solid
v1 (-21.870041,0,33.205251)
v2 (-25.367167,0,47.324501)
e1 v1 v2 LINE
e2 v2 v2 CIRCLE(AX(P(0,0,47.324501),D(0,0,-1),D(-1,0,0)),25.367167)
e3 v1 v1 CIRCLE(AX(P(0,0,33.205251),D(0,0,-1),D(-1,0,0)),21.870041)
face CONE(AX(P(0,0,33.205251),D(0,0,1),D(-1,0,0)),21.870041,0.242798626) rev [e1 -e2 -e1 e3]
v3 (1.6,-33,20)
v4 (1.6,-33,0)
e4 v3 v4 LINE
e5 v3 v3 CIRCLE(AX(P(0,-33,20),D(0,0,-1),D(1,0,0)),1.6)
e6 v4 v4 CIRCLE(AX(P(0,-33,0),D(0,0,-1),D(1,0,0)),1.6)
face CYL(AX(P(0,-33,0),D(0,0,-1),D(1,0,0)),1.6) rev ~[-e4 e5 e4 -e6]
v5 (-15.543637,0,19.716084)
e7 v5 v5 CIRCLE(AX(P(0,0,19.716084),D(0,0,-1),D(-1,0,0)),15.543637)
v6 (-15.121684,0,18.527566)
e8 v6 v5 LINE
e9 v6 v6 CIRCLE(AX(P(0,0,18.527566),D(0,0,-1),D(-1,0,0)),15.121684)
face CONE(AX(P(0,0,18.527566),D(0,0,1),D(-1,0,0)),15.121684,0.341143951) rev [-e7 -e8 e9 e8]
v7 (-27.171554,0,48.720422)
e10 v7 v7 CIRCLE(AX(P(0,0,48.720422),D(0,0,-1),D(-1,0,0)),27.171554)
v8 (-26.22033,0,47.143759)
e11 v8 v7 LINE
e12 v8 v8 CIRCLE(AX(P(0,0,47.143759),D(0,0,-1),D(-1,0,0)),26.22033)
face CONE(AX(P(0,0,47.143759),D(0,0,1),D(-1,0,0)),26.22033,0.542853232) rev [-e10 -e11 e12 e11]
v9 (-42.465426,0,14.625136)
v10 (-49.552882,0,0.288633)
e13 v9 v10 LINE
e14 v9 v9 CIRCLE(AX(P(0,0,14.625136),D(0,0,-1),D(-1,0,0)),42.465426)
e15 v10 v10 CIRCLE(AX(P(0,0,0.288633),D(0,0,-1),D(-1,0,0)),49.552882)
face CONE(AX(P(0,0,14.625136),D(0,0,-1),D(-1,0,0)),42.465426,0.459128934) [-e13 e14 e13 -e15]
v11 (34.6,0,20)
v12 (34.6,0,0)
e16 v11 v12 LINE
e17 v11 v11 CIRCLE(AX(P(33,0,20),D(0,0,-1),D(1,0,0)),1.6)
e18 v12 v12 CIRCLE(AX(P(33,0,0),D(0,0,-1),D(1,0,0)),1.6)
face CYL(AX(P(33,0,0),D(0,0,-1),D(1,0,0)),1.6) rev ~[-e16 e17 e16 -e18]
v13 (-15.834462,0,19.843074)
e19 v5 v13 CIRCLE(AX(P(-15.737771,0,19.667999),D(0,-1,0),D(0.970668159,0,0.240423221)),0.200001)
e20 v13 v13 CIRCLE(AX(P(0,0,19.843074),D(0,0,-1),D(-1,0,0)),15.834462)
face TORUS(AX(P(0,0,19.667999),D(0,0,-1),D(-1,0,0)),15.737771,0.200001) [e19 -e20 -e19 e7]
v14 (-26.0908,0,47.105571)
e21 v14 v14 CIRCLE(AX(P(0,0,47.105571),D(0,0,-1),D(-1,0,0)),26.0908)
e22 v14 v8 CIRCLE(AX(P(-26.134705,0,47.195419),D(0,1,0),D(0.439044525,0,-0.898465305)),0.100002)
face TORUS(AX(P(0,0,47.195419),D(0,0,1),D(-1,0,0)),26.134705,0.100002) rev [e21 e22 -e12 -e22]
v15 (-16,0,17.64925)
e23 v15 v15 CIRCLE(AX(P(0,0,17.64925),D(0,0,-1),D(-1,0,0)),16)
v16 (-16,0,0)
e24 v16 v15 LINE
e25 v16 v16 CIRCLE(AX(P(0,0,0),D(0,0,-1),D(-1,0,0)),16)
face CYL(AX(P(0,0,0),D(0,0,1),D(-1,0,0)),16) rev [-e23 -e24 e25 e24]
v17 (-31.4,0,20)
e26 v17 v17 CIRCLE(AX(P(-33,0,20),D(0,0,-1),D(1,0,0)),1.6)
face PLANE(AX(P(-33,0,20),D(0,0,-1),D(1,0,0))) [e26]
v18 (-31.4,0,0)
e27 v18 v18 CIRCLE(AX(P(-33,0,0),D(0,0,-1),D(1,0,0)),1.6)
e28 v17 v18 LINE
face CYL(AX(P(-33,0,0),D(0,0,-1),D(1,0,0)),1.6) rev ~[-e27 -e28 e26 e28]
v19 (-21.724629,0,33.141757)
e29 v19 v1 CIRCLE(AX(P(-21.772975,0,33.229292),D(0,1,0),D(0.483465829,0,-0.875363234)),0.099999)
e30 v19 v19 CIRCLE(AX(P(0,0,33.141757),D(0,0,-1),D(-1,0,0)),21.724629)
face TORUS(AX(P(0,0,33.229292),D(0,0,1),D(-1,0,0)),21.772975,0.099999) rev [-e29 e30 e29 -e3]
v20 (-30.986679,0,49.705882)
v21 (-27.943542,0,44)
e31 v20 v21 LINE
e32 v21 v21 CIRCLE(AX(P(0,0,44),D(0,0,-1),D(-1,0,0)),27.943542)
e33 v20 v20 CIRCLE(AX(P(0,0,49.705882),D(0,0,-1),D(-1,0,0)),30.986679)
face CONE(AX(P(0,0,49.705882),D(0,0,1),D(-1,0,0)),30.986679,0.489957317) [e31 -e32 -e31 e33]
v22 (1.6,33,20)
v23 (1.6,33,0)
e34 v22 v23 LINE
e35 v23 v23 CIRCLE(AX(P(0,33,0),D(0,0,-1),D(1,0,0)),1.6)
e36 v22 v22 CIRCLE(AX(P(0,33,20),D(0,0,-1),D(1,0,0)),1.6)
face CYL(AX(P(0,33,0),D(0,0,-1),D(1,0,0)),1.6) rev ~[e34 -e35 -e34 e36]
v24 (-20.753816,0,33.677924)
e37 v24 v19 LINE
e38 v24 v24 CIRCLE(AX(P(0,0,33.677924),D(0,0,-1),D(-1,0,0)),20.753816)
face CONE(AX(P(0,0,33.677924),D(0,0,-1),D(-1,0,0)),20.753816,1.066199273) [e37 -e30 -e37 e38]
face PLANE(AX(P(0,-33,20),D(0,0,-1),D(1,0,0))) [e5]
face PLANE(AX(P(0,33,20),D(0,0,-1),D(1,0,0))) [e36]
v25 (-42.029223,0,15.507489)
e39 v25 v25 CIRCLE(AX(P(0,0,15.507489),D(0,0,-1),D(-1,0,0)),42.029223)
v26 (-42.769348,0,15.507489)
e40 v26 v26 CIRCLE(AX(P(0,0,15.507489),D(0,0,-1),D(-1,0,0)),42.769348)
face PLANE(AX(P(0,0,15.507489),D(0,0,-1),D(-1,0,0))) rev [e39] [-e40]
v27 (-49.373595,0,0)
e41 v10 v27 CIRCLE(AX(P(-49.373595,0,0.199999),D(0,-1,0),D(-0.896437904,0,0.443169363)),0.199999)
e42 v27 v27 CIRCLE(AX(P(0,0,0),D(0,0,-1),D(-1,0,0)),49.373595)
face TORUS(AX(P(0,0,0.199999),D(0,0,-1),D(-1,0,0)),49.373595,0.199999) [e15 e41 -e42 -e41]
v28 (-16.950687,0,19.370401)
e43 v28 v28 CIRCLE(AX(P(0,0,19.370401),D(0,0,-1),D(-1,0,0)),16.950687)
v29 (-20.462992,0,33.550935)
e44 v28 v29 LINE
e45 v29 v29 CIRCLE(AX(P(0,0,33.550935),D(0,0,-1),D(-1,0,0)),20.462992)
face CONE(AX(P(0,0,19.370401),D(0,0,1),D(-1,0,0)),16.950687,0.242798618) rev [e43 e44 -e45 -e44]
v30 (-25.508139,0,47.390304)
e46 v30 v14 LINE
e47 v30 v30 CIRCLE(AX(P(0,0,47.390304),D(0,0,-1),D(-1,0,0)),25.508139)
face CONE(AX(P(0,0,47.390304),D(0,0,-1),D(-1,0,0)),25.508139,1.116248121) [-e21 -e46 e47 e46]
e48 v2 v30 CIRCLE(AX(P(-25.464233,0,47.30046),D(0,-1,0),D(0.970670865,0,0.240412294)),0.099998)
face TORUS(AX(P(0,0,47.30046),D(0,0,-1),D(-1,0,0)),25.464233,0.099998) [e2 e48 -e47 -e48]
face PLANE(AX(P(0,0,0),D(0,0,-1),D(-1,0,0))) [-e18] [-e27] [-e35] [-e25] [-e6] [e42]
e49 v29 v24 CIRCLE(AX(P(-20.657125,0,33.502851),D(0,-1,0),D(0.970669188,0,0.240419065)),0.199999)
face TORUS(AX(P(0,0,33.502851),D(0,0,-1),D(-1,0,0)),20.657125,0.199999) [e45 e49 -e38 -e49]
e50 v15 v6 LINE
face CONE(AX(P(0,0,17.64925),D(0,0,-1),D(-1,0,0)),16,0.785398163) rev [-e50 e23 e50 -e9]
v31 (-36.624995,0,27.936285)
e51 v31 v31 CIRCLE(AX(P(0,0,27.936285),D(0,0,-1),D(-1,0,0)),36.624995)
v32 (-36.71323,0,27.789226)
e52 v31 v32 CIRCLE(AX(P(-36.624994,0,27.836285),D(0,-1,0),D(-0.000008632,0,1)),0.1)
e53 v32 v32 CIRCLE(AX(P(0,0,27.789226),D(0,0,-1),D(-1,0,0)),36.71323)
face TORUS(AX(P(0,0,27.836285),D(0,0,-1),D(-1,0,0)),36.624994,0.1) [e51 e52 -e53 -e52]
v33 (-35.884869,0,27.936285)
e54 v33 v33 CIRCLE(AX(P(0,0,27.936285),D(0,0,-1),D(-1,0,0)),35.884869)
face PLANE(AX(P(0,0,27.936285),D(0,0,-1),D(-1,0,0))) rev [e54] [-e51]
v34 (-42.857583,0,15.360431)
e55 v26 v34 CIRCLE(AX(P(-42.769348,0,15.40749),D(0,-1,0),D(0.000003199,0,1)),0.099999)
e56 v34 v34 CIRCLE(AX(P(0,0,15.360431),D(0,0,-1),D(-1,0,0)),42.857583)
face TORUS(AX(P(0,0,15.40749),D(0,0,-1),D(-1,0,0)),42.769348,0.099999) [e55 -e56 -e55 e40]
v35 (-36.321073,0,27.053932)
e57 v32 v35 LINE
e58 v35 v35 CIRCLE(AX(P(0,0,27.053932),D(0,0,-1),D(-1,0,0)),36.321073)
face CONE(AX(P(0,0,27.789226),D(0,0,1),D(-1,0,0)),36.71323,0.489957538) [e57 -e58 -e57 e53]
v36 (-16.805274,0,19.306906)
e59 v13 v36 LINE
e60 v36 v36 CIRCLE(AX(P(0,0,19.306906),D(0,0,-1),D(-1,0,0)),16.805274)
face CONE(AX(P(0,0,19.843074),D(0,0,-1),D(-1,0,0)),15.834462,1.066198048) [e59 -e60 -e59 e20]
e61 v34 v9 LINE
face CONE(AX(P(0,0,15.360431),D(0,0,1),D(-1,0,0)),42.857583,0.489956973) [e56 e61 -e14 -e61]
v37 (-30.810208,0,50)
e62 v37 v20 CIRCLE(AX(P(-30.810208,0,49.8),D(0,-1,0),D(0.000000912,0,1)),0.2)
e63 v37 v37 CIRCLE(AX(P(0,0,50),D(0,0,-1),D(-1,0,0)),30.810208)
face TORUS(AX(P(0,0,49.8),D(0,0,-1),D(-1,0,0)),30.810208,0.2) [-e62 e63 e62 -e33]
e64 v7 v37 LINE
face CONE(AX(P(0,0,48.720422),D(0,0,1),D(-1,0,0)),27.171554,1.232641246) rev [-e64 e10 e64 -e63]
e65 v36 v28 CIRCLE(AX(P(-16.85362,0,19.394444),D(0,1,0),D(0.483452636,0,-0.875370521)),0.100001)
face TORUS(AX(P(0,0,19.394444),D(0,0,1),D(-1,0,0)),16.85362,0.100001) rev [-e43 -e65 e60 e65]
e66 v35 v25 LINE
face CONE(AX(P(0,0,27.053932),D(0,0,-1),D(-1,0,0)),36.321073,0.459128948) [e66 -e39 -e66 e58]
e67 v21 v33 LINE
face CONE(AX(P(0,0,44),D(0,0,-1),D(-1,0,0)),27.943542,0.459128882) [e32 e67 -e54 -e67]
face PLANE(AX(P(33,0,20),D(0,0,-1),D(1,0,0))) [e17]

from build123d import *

# Parameters (mm, degrees)
F2_R     = 1.6
F3_DEPTH = 20
F4_DEPTH = 1


with BuildPart() as f1:
    # F0 (on Front) → F1 (revolve)
    with BuildSketch(Plane.XZ):
        with BuildLine():
            ThreePointArc((-30.810208, 50), (-30.981707, 49.902899), (-30.986679, 49.705882))
            Line((-30.986679, 49.705882), (-27.943542, 44))
            Line((-27.943542, 44), (-35.884869, 27.936285))
            Line((-35.884869, 27.936285), (-36.624995, 27.936285))
            ThreePointArc((-36.624995, 27.936285), (-36.710744, 27.887734), (-36.71323, 27.789226))
            Line((-36.71323, 27.789226), (-36.321073, 27.053932))
            Line((-36.321073, 27.053932), (-42.029223, 15.507489))
            Line((-42.029223, 15.507489), (-42.769348, 15.507489))
            ThreePointArc((-42.769348, 15.507489), (-42.855097, 15.458939), (-42.857583, 15.360431))
            Line((-42.857583, 15.360431), (-42.465426, 14.625136))
            Line((-42.465426, 14.625136), (-49.552882, 0.288633))
            ThreePointArc((-49.552882, 0.288633), (-49.543487, 0.09447), (-49.373595, 0))
            Line((-49.373595, 0), (-16, 0))
            Line((-16, 0), (-16, 9.716626))
            Line((-16, 9.716626), (-16, 17.64925))
            Line((-16, 17.64925), (-15.121684, 18.527566))
            Line((-15.121684, 18.527566), (-15.543637, 19.716084))
            ThreePointArc((-15.543637, 19.716084), (-15.657737, 19.851288), (-15.834462, 19.843074))
            Line((-15.834462, 19.843074), (-16.805274, 19.306906))
            ThreePointArc((-16.805274, 19.306906), (-16.893637, 19.302799), (-16.950687, 19.370401))
            Line((-16.950687, 19.370401), (-20.462992, 33.550935))
            ThreePointArc((-20.462992, 33.550935), (-20.577092, 33.686139), (-20.753816, 33.677924))
            Line((-20.753816, 33.677924), (-21.724629, 33.141757))
            ThreePointArc((-21.724629, 33.141757), (-21.812991, 33.137649), (-21.870041, 33.205251))
            Line((-21.870041, 33.205251), (-25.367167, 47.324501))
            ThreePointArc((-25.367167, 47.324501), (-25.421936, 47.391073), (-25.508139, 47.390304))
            Line((-25.508139, 47.390304), (-26.0908, 47.105571))
            ThreePointArc((-26.0908, 47.105571), (-26.162984, 47.099499), (-26.22033, 47.143759))
            Line((-26.22033, 47.143759), (-27.171554, 48.720422))
            Line((-27.171554, 48.720422), (-30.810208, 50))
        make_face()
    revolve(axis=Axis((0, 0, 1.064006), (0, 0, -1)))

    # F2 (on face) → F3 (cut)
    with BuildSketch(Plane(origin=(0, 0, 0), x_dir=(1, 0, 0), z_dir=(0, 0, -1))):
        with Locations((33, 0)):
            Circle(F2_R)
        with Locations((0, -33)):
            Circle(F2_R)
        with Locations((0, 33)):
            Circle(F2_R)
        with Locations((-33, 0)):
            Circle(F2_R)
    extrude(amount=-F3_DEPTH, mode=Mode.SUBTRACT)

    # F2 (on face) → F4 (cut)
    with BuildSketch(Plane(origin=(0, 0, 0), x_dir=(1, 0, 0), z_dir=(0, 0, -1))):
        with Locations((33, 0)):
            Circle(F2_R)
        with Locations((0, 33)):
            Circle(F2_R)
        with Locations((0, -33)):
            Circle(F2_R)
        with Locations((-33, 0)):
            Circle(F2_R)
    extrude(amount=-F4_DEPTH, mode=Mode.SUBTRACT)


solid = f1.part
